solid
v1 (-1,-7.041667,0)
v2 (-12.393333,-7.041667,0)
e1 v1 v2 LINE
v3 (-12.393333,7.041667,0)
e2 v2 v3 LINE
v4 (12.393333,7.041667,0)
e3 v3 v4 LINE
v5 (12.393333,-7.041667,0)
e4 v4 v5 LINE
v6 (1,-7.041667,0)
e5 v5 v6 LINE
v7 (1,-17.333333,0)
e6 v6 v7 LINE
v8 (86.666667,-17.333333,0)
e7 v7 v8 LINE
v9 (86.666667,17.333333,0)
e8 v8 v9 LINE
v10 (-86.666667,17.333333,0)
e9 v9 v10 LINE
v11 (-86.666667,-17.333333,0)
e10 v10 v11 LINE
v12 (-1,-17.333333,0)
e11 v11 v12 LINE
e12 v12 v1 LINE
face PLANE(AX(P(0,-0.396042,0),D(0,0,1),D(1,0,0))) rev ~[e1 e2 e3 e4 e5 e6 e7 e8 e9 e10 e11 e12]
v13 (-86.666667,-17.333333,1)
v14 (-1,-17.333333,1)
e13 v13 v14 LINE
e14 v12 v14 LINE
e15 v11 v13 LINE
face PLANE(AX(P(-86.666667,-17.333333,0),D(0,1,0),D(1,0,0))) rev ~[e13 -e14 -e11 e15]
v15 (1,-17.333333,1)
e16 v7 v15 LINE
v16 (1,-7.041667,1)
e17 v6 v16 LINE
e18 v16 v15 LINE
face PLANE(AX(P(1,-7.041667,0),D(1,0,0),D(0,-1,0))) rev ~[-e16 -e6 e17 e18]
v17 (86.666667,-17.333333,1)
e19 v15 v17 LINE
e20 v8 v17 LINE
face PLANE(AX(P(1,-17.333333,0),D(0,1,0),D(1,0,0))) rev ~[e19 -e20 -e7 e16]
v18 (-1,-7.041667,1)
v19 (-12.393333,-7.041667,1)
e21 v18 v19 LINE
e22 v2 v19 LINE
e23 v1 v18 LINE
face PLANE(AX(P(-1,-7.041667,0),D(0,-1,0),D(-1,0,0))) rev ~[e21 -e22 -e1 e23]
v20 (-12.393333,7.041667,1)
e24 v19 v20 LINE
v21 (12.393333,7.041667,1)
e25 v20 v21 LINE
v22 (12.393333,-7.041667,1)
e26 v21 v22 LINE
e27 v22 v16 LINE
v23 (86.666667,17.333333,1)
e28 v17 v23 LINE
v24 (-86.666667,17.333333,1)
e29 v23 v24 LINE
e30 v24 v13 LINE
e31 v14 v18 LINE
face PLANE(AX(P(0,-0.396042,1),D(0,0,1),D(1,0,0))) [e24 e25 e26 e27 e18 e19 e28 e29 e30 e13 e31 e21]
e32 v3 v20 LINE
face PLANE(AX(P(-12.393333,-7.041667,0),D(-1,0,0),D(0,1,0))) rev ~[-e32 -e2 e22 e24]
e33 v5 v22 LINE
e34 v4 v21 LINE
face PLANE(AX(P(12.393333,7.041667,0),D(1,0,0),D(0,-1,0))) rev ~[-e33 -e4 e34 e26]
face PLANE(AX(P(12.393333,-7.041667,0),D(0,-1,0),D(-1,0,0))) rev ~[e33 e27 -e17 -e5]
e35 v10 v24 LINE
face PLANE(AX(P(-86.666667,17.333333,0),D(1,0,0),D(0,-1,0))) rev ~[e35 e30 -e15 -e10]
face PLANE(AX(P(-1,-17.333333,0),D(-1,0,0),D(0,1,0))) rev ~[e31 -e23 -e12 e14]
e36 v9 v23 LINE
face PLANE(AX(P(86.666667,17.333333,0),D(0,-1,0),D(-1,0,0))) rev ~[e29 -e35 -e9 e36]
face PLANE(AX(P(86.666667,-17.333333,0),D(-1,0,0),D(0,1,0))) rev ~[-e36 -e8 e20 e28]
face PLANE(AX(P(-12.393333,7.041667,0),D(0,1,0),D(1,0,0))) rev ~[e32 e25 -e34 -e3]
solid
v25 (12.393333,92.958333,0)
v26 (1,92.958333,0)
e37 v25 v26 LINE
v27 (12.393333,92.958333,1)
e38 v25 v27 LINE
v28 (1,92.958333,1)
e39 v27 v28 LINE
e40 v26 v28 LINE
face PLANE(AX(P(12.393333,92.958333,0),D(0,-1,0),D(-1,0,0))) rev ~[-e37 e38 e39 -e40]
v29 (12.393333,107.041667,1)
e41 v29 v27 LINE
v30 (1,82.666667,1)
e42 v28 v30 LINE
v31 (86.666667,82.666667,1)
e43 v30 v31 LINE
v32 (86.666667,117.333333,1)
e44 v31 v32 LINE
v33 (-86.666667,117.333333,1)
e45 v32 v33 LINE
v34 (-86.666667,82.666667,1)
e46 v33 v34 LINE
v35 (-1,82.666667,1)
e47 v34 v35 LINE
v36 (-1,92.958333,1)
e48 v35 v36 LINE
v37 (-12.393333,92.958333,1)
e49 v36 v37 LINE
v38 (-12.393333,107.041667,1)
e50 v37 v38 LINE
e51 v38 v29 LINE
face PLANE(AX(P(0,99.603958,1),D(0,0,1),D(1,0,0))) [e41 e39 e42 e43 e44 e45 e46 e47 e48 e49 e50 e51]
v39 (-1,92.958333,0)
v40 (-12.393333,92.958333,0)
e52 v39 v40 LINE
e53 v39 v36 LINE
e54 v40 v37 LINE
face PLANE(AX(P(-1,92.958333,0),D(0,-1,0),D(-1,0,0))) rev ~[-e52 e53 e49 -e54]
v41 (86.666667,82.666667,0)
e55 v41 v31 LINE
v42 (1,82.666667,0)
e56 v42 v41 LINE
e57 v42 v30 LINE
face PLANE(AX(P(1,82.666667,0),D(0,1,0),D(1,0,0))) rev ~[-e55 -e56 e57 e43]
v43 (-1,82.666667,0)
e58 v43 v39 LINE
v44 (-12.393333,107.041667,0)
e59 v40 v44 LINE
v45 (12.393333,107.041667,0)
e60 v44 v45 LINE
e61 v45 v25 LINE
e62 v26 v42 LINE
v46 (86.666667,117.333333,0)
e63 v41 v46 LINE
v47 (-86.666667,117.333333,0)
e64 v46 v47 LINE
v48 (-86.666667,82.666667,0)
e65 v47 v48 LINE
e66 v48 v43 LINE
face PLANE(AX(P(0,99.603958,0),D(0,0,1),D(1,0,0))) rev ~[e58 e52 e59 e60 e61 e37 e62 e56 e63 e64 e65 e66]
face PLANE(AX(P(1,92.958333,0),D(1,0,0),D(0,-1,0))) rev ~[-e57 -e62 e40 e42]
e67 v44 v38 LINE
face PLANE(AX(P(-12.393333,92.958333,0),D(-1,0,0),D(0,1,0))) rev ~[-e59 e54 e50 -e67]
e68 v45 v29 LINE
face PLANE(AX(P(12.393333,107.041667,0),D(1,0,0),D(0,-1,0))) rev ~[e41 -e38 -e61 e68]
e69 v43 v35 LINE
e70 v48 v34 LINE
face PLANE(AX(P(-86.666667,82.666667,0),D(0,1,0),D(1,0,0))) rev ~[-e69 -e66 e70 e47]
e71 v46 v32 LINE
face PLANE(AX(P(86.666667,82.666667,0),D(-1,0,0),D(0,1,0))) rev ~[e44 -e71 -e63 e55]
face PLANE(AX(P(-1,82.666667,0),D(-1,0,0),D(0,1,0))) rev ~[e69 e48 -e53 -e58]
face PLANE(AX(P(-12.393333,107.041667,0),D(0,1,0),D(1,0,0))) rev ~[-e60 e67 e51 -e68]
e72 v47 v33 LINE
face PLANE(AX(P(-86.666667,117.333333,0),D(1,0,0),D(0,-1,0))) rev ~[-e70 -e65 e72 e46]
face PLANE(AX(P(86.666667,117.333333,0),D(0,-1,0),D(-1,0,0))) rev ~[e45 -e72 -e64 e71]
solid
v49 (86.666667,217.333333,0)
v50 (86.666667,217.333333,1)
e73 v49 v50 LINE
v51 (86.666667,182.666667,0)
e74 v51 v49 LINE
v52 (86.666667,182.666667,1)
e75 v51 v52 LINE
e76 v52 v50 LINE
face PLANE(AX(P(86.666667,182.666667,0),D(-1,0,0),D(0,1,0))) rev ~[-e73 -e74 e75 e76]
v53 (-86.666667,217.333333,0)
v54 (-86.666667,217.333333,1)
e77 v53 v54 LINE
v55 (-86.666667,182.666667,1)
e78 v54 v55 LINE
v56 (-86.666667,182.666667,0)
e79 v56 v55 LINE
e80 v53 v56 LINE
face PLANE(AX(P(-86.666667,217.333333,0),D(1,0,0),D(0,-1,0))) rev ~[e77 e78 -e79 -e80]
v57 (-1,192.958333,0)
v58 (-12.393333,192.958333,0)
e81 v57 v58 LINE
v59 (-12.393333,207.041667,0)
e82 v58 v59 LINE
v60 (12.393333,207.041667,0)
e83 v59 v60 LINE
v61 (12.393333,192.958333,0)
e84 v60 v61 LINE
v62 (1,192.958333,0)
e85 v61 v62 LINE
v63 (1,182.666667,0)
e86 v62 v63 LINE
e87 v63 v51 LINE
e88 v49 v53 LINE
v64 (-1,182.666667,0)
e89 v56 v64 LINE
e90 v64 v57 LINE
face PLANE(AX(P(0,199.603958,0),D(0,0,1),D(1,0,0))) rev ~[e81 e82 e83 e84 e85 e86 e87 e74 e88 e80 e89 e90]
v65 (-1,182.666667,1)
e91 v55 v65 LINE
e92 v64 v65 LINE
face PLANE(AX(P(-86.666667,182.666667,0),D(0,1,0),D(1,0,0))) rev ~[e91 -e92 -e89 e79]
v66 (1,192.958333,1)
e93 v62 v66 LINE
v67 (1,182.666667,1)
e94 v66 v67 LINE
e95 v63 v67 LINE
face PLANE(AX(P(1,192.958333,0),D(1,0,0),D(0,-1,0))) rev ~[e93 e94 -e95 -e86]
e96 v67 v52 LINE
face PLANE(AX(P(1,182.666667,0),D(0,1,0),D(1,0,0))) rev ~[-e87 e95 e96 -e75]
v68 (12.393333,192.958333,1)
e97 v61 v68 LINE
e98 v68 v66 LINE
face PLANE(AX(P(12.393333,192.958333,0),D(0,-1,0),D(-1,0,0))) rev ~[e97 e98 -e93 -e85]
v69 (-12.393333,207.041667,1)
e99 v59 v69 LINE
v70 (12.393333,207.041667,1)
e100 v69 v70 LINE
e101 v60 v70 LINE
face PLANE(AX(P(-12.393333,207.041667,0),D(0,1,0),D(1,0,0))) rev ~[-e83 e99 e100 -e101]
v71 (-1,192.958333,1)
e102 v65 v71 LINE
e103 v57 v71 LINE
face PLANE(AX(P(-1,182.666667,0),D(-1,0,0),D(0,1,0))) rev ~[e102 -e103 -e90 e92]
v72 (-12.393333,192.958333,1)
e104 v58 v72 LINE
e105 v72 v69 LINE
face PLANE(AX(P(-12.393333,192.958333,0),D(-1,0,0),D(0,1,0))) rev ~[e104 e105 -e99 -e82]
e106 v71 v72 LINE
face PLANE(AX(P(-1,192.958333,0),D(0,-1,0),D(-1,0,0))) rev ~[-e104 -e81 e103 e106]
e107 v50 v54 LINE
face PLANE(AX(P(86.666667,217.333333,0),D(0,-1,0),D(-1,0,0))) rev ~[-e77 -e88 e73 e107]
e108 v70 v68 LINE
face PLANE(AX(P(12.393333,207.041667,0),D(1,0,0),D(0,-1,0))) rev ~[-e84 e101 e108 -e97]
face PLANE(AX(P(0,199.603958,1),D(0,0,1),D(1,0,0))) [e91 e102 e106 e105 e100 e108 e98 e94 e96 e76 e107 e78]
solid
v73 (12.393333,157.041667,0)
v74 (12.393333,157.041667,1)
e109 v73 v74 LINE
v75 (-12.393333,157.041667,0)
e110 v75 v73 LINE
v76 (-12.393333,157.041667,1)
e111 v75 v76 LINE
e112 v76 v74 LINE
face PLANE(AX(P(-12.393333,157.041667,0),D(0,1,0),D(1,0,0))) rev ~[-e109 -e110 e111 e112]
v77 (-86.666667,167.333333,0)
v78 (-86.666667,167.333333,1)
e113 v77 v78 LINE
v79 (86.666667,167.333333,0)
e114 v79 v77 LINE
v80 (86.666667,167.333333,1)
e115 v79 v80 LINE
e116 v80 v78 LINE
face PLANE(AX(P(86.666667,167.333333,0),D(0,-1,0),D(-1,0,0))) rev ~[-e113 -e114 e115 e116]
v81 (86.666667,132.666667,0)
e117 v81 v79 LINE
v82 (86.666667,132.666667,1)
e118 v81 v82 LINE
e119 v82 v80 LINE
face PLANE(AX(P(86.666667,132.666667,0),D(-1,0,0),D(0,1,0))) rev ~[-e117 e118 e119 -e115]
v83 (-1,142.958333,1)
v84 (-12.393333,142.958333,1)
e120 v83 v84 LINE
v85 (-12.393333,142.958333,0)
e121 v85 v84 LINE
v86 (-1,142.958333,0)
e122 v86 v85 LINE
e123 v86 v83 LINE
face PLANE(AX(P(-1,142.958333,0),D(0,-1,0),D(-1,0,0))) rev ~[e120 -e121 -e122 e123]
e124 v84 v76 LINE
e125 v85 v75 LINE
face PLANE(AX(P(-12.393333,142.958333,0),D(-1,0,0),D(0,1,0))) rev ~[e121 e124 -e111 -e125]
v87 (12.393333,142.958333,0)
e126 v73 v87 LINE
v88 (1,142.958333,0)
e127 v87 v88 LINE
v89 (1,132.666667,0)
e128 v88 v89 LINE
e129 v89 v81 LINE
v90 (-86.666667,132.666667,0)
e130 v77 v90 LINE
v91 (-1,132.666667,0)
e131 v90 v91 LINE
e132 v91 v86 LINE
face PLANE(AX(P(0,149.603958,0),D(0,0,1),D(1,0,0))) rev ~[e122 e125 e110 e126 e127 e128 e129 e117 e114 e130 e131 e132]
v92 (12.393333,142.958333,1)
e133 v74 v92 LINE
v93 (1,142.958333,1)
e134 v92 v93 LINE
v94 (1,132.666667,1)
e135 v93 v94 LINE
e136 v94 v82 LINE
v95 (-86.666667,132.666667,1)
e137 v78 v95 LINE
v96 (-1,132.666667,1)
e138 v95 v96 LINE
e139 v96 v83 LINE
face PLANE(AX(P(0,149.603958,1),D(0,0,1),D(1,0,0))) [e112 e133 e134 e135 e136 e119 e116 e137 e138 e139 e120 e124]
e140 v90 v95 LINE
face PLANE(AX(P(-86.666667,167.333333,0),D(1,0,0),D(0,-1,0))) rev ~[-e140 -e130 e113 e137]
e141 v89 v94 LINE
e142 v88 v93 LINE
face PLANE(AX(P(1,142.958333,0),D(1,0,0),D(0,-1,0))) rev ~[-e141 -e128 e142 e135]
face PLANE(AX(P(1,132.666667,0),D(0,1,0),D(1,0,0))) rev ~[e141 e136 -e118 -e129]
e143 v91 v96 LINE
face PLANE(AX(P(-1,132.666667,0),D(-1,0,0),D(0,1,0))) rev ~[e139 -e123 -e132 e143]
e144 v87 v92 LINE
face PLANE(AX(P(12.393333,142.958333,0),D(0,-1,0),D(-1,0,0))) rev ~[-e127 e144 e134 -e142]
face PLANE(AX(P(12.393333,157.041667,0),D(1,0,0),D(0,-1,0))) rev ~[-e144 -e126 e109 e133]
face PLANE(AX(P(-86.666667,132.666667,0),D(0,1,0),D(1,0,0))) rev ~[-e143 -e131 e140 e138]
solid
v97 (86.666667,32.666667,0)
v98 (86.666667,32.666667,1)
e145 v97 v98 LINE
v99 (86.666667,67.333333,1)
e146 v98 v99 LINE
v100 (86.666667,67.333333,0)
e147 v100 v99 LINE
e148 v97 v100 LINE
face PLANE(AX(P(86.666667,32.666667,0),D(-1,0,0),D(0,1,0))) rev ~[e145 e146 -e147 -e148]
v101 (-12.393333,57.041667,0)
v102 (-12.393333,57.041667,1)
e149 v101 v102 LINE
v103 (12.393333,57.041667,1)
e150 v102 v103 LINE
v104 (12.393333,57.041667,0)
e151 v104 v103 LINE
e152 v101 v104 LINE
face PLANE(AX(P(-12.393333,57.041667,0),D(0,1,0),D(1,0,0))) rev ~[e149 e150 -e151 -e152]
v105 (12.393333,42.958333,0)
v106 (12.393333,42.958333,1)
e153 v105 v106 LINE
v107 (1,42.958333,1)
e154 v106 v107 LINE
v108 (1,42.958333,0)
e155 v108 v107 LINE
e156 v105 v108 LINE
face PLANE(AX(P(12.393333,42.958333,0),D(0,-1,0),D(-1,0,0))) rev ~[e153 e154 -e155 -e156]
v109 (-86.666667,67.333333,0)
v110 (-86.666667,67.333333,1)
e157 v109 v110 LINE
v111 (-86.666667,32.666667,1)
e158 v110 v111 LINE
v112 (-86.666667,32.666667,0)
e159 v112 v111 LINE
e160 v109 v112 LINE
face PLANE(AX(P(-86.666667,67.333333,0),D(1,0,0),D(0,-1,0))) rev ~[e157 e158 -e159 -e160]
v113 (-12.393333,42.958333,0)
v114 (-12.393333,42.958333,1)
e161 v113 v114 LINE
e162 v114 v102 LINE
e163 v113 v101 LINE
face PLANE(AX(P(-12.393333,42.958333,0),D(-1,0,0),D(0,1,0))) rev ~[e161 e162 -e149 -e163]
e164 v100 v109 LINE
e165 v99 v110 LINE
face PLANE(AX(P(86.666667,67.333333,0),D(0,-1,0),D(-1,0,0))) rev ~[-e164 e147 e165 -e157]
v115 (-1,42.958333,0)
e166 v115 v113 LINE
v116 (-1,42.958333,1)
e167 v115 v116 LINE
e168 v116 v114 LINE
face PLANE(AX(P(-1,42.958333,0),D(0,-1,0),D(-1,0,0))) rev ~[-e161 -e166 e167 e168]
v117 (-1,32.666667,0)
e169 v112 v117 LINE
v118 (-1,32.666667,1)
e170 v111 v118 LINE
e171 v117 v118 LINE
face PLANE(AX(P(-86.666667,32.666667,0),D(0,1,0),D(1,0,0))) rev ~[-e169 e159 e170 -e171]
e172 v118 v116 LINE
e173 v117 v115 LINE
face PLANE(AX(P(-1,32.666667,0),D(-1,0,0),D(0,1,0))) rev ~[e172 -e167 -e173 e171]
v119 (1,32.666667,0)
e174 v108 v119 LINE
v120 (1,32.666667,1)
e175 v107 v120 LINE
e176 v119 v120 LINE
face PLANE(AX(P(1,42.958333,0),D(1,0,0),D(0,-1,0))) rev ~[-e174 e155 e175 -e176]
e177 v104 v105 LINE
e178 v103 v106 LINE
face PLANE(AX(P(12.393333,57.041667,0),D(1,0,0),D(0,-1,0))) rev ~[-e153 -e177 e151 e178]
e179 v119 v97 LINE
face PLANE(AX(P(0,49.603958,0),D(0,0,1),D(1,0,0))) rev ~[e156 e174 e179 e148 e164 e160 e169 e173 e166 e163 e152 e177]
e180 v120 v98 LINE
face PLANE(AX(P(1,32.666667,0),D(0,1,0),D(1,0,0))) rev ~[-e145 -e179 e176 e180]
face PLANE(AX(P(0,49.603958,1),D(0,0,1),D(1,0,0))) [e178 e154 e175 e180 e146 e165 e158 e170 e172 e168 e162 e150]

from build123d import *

# Parameters (mm, degrees)
F1_DEPTH = 1


with BuildPart() as f1:
    # F0 (on Top) → F1 (new body)
    with BuildSketch(Plane.XY):
        Polygon((86.666667, 17.333333), (0, 17.333333), (-86.666667, 17.333333), (-86.666667, 0), (-86.666667, -17.333333), (-1, -17.333333), (-1, -7.041667), (-12.393333, -7.041667), (-12.393333, 0), (-12.393333, 7.041667), (0, 7.041667), (12.393333, 7.041667), (12.393333, 0), (12.393333, -7.041667), (1, -7.041667), (1, -17.333333), (86.666667, -17.333333), (86.666667, 0), align=None)
        Polygon((86.666667, 50), (86.666667, 67.333333), (0, 67.333333), (-86.666667, 67.333333), (-86.666667, 50), (-86.666667, 32.666667), (-1, 32.666667), (-1, 42.958333), (-12.393333, 42.958333), (-12.393333, 50), (-12.393333, 57.041667), (0, 57.041667), (12.393333, 57.041667), (12.393333, 50), (12.393333, 42.958333), (1, 42.958333), (1, 32.666667), (86.666667, 32.666667), align=None)
        Polygon((86.666667, 100), (86.666667, 117.333333), (0, 117.333333), (-86.666667, 117.333333), (-86.666667, 100), (-86.666667, 82.666667), (-1, 82.666667), (-1, 92.958333), (-12.393333, 92.958333), (-12.393333, 100), (-12.393333, 107.041667), (0, 107.041667), (12.393333, 107.041667), (12.393333, 100), (12.393333, 92.958333), (1, 92.958333), (1, 82.666667), (86.666667, 82.666667), align=None)
        Polygon((86.666667, 150), (86.666667, 167.333333), (0, 167.333333), (-86.666667, 167.333333), (-86.666667, 150), (-86.666667, 132.666667), (-1, 132.666667), (-1, 142.958333), (-12.393333, 142.958333), (-12.393333, 150), (-12.393333, 157.041667), (0, 157.041667), (12.393333, 157.041667), (12.393333, 150), (12.393333, 142.958333), (1, 142.958333), (1, 132.666667), (86.666667, 132.666667), align=None)
        Polygon((86.666667, 200), (86.666667, 217.333333), (0, 217.333333), (-86.666667, 217.333333), (-86.666667, 200), (-86.666667, 182.666667), (-1, 182.666667), (-1, 192.958333), (-12.393333, 192.958333), (-12.393333, 200), (-12.393333, 207.041667), (0, 207.041667), (12.393333, 207.041667), (12.393333, 200), (12.393333, 192.958333), (1, 192.958333), (1, 182.666667), (86.666667, 182.666667), align=None)
    extrude(amount=F1_DEPTH)


solid = f1.part
